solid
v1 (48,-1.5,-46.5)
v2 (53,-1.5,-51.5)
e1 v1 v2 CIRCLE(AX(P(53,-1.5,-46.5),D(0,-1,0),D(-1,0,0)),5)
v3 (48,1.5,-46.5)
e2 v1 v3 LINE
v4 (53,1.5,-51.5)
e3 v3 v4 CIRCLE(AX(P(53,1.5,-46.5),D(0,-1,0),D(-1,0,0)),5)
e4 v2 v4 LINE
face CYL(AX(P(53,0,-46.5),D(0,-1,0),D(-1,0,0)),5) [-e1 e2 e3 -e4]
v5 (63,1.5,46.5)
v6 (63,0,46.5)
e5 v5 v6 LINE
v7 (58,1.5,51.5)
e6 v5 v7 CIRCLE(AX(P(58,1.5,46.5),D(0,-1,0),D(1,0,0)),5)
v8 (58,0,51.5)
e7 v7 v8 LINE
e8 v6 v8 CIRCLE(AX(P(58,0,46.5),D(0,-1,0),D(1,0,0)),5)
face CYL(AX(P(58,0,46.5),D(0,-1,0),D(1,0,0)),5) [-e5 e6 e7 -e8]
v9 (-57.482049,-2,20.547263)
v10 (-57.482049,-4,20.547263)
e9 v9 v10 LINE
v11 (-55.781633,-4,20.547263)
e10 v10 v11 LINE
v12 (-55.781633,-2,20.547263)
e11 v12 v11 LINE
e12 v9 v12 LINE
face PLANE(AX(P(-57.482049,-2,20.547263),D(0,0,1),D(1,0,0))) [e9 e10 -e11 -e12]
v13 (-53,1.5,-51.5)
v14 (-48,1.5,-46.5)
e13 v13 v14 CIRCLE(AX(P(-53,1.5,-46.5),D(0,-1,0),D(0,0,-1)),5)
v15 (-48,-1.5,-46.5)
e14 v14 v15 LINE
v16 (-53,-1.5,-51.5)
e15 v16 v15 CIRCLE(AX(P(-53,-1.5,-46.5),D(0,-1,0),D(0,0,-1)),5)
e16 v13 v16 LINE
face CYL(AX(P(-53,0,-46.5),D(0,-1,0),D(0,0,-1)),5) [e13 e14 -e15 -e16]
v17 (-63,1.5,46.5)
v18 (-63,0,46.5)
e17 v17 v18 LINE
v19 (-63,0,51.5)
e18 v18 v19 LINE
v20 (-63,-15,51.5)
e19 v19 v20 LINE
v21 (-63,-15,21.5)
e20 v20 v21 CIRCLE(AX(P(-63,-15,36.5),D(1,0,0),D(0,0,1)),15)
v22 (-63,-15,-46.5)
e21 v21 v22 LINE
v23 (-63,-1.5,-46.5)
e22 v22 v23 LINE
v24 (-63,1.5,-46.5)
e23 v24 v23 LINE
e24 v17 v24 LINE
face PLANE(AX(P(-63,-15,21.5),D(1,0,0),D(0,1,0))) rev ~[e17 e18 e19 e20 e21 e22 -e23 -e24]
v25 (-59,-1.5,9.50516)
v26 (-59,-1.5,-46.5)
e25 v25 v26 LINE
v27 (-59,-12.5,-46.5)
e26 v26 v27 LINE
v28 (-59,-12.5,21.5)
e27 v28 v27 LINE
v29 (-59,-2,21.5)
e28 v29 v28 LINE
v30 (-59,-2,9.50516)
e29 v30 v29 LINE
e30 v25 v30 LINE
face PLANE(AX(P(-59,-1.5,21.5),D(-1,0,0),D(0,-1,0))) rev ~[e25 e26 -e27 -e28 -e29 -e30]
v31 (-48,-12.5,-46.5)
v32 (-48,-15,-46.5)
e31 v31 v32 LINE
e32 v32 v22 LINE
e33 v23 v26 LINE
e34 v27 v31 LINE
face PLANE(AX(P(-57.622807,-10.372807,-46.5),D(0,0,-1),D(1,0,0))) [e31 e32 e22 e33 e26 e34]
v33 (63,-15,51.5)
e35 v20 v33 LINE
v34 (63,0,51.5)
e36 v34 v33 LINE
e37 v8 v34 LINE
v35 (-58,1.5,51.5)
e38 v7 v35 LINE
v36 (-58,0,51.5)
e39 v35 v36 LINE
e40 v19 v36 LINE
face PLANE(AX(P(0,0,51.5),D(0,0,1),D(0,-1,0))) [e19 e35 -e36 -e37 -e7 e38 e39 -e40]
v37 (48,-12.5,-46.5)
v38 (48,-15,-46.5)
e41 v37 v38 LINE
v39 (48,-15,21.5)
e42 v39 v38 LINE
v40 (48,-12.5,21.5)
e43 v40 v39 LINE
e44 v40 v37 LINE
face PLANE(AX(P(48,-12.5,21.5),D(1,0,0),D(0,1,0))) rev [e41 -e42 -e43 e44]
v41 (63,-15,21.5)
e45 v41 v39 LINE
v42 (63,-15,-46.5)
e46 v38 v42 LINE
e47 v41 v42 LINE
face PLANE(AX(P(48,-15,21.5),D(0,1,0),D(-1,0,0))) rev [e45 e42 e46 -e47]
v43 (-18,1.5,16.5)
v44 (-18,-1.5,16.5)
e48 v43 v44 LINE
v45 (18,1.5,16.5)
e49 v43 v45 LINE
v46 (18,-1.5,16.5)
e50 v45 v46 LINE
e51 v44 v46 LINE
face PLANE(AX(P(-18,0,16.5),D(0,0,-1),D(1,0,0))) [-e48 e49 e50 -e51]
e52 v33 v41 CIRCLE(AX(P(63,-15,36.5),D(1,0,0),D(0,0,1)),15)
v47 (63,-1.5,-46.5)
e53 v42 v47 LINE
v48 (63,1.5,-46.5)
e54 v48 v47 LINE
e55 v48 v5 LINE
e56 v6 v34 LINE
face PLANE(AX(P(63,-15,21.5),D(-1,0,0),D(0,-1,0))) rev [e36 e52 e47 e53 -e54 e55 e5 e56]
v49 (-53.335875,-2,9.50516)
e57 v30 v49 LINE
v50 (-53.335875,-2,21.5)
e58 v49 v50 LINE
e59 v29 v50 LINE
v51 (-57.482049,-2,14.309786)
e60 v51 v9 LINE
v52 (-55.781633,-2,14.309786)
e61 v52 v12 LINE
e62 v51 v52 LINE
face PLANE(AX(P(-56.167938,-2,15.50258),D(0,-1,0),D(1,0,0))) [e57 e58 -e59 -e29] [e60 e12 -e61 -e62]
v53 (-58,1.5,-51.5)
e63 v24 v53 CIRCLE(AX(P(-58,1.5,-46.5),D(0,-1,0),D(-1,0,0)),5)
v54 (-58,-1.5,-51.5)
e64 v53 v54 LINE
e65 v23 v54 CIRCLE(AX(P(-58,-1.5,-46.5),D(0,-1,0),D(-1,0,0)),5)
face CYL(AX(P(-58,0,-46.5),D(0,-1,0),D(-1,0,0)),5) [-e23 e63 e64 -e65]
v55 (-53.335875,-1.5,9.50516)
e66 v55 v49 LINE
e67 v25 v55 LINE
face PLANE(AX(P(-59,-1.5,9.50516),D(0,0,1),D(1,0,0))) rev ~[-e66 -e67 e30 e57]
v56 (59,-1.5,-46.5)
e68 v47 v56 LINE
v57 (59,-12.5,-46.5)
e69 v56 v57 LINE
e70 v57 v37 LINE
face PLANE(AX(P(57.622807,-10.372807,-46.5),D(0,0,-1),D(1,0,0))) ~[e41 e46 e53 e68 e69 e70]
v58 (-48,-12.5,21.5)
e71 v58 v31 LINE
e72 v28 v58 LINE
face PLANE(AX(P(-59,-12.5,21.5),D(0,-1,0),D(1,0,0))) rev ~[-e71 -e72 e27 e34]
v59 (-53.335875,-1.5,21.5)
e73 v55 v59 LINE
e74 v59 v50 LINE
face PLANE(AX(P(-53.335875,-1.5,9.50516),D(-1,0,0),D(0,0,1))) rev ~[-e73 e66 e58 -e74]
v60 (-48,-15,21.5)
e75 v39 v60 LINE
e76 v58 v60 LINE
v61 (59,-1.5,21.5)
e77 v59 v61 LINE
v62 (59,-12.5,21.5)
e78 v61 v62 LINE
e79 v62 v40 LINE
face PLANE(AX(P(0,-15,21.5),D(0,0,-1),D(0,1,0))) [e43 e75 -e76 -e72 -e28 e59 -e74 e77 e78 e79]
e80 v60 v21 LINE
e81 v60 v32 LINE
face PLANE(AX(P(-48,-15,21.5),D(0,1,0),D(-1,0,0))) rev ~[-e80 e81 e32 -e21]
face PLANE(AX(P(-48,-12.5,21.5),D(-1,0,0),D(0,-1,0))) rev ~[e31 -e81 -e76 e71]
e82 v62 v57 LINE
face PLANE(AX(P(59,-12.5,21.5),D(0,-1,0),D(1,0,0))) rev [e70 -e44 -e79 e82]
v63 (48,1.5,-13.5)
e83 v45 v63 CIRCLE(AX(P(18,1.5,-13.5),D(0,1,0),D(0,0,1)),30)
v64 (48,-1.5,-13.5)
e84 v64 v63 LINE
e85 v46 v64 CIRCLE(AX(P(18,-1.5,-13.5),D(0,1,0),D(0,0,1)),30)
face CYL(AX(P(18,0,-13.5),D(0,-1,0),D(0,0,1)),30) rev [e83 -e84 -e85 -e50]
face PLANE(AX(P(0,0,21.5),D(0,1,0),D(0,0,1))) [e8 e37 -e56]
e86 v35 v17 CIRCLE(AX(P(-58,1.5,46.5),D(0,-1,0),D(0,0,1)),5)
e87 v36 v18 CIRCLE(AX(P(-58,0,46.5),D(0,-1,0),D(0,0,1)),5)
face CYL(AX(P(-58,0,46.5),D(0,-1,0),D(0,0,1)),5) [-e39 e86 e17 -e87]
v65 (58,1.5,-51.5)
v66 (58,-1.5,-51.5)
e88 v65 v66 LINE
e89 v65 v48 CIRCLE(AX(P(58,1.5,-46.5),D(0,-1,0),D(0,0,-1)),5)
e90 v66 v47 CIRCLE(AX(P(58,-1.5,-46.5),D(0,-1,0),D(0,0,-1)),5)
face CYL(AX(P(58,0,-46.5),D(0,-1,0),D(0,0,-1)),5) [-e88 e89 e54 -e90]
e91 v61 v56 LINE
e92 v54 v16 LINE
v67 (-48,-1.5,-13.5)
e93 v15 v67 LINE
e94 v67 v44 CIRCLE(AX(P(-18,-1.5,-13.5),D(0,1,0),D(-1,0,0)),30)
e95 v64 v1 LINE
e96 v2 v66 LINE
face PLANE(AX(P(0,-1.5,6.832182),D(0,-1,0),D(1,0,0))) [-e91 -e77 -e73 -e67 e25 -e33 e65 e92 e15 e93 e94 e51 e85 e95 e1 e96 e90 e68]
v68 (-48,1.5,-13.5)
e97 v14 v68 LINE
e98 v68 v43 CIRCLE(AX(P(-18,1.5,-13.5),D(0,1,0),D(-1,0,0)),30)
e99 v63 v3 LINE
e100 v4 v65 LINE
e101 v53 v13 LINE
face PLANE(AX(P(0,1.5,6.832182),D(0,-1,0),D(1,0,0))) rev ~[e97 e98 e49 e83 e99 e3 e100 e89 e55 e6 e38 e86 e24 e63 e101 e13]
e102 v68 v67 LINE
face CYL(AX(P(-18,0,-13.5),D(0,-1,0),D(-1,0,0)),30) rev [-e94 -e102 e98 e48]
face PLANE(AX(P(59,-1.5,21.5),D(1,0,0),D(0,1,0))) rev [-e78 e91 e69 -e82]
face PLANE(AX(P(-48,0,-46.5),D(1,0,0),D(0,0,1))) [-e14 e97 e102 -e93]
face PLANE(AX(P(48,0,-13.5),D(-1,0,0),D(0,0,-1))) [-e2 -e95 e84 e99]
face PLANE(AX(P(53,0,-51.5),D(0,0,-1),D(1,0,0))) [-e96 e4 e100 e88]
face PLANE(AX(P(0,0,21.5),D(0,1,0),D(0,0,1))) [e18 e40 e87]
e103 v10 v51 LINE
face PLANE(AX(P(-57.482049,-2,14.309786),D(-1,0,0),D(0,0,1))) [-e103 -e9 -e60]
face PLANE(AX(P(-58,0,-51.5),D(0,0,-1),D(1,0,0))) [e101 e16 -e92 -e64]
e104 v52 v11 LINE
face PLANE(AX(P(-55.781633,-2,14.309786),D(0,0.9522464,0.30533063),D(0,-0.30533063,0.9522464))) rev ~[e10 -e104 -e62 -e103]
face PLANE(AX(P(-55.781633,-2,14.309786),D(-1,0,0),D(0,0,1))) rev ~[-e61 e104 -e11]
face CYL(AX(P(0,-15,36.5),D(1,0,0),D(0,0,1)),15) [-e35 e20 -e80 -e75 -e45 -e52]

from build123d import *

# Parameters (mm, degrees)
F1_DEPTH  = 1.5
F3_DEPTH  = 63
F6_DEPTH  = 68
F8_W      = 5.6641247272
F8_H      = 11.9948398471
F9_DEPTH  = 0.5
F10_W     = 1.7004162073
F10_H     = 6.2374770641
F11_DEPTH = 2
F13_DEPTH = 3


with BuildPart() as f1:
    # F0 (on Front) → F1 (new body, symmetric)
    with BuildSketch(Plane.XZ):
        with BuildLine():
            Line((53, -51.5), (58, -51.5))
            ThreePointArc((58, -51.5), (61.5355339059, -50.0355339059), (63, -46.5))
            Line((63, -46.5), (63, 46.5))
            ThreePointArc((63, 46.5), (61.5355339059, 50.0355339059), (58, 51.5))
            Line((58, 51.5), (-58, 51.5))
            ThreePointArc((-58, 51.5), (-61.5355339059, 50.0355339059), (-63, 46.5))
            Line((-63, 46.5), (-63, -46.5))
            ThreePointArc((-63, -46.5), (-61.5355339059, -50.0355339059), (-58, -51.5))
            Line((-58, -51.5), (-53, -51.5))
            ThreePointArc((-53, -51.5), (-49.4644660941, -50.0355339059), (-48, -46.5))
            Line((-48, -46.5), (-48, -13.5))
            ThreePointArc((-48, -13.5), (-39.2132034356, 7.7132034356), (-18, 16.5))
            Line((-18, 16.5), (18, 16.5))
            ThreePointArc((18, 16.5), (39.2132034356, 7.7132034356), (48, -13.5))
            Line((48, -13.5), (48, -46.5))
            ThreePointArc((48, -46.5), (49.4644660941, -50.0355339059), (53, -51.5))
        make_face()
    extrude(amount=F1_DEPTH, both=True)

    # F2 (on Right) → F3 (join, symmetric)
    with BuildSketch(Plane.YZ):
        with BuildLine():
            Line((0, 21.5), (0, 51.5))
            Line((0, 51.5), (-15, 51.5))
            ThreePointArc((-15, 51.5), (-25.6066017178, 47.1066017178), (-30, 36.5))
            ThreePointArc((-30, 36.5), (-25.6066017178, 25.8933982822), (-15, 21.5))
            Line((-15, 21.5), (0, 21.5))
        make_face()
    extrude(amount=F3_DEPTH, both=True)

    # F5 (on face) → F6 (join)
    with BuildSketch(Plane(origin=(0, 0, 21.5), x_dir=(1, 0, 0), z_dir=(0, 0, -1))):
        Polygon((-48, 15), (-63, 15), (-63, 1.5), (-59, 1.5), (-59, 12.5), (-48, 12.5), align=None)
    extrude(amount=F6_DEPTH)

    # F7: F1 across plane


with BuildPart() as f1_1:
    add(f1.part)
    add(f1.part.mirror(Plane.YZ))

    # F8 (on face) → F9 (join)
    with BuildSketch(Plane.XZ.offset(1.5)):
        with Locations((-56.1679376364, 15.5025800765)):
            Rectangle(F8_W, F8_H)
    extrude(amount=F9_DEPTH)

    # F10 (on face) → F11 (join)
    with BuildSketch(Plane.XZ.offset(2)):
        with Locations((-56.6318407655, 17.4285247922)):
            Rectangle(F10_W, F10_H)
    extrude(amount=F11_DEPTH)

    # F12 (on face) → F13 (cut)
    with BuildSketch(Plane.YZ.offset(-55.7816326618)):
        Polygon((-2, 14.3097862601), (-4, 20.5472633243), (-4, 14.3097862601), align=None)
    extrude(amount=-F13_DEPTH, mode=Mode.SUBTRACT)


solid = f1_1.part
